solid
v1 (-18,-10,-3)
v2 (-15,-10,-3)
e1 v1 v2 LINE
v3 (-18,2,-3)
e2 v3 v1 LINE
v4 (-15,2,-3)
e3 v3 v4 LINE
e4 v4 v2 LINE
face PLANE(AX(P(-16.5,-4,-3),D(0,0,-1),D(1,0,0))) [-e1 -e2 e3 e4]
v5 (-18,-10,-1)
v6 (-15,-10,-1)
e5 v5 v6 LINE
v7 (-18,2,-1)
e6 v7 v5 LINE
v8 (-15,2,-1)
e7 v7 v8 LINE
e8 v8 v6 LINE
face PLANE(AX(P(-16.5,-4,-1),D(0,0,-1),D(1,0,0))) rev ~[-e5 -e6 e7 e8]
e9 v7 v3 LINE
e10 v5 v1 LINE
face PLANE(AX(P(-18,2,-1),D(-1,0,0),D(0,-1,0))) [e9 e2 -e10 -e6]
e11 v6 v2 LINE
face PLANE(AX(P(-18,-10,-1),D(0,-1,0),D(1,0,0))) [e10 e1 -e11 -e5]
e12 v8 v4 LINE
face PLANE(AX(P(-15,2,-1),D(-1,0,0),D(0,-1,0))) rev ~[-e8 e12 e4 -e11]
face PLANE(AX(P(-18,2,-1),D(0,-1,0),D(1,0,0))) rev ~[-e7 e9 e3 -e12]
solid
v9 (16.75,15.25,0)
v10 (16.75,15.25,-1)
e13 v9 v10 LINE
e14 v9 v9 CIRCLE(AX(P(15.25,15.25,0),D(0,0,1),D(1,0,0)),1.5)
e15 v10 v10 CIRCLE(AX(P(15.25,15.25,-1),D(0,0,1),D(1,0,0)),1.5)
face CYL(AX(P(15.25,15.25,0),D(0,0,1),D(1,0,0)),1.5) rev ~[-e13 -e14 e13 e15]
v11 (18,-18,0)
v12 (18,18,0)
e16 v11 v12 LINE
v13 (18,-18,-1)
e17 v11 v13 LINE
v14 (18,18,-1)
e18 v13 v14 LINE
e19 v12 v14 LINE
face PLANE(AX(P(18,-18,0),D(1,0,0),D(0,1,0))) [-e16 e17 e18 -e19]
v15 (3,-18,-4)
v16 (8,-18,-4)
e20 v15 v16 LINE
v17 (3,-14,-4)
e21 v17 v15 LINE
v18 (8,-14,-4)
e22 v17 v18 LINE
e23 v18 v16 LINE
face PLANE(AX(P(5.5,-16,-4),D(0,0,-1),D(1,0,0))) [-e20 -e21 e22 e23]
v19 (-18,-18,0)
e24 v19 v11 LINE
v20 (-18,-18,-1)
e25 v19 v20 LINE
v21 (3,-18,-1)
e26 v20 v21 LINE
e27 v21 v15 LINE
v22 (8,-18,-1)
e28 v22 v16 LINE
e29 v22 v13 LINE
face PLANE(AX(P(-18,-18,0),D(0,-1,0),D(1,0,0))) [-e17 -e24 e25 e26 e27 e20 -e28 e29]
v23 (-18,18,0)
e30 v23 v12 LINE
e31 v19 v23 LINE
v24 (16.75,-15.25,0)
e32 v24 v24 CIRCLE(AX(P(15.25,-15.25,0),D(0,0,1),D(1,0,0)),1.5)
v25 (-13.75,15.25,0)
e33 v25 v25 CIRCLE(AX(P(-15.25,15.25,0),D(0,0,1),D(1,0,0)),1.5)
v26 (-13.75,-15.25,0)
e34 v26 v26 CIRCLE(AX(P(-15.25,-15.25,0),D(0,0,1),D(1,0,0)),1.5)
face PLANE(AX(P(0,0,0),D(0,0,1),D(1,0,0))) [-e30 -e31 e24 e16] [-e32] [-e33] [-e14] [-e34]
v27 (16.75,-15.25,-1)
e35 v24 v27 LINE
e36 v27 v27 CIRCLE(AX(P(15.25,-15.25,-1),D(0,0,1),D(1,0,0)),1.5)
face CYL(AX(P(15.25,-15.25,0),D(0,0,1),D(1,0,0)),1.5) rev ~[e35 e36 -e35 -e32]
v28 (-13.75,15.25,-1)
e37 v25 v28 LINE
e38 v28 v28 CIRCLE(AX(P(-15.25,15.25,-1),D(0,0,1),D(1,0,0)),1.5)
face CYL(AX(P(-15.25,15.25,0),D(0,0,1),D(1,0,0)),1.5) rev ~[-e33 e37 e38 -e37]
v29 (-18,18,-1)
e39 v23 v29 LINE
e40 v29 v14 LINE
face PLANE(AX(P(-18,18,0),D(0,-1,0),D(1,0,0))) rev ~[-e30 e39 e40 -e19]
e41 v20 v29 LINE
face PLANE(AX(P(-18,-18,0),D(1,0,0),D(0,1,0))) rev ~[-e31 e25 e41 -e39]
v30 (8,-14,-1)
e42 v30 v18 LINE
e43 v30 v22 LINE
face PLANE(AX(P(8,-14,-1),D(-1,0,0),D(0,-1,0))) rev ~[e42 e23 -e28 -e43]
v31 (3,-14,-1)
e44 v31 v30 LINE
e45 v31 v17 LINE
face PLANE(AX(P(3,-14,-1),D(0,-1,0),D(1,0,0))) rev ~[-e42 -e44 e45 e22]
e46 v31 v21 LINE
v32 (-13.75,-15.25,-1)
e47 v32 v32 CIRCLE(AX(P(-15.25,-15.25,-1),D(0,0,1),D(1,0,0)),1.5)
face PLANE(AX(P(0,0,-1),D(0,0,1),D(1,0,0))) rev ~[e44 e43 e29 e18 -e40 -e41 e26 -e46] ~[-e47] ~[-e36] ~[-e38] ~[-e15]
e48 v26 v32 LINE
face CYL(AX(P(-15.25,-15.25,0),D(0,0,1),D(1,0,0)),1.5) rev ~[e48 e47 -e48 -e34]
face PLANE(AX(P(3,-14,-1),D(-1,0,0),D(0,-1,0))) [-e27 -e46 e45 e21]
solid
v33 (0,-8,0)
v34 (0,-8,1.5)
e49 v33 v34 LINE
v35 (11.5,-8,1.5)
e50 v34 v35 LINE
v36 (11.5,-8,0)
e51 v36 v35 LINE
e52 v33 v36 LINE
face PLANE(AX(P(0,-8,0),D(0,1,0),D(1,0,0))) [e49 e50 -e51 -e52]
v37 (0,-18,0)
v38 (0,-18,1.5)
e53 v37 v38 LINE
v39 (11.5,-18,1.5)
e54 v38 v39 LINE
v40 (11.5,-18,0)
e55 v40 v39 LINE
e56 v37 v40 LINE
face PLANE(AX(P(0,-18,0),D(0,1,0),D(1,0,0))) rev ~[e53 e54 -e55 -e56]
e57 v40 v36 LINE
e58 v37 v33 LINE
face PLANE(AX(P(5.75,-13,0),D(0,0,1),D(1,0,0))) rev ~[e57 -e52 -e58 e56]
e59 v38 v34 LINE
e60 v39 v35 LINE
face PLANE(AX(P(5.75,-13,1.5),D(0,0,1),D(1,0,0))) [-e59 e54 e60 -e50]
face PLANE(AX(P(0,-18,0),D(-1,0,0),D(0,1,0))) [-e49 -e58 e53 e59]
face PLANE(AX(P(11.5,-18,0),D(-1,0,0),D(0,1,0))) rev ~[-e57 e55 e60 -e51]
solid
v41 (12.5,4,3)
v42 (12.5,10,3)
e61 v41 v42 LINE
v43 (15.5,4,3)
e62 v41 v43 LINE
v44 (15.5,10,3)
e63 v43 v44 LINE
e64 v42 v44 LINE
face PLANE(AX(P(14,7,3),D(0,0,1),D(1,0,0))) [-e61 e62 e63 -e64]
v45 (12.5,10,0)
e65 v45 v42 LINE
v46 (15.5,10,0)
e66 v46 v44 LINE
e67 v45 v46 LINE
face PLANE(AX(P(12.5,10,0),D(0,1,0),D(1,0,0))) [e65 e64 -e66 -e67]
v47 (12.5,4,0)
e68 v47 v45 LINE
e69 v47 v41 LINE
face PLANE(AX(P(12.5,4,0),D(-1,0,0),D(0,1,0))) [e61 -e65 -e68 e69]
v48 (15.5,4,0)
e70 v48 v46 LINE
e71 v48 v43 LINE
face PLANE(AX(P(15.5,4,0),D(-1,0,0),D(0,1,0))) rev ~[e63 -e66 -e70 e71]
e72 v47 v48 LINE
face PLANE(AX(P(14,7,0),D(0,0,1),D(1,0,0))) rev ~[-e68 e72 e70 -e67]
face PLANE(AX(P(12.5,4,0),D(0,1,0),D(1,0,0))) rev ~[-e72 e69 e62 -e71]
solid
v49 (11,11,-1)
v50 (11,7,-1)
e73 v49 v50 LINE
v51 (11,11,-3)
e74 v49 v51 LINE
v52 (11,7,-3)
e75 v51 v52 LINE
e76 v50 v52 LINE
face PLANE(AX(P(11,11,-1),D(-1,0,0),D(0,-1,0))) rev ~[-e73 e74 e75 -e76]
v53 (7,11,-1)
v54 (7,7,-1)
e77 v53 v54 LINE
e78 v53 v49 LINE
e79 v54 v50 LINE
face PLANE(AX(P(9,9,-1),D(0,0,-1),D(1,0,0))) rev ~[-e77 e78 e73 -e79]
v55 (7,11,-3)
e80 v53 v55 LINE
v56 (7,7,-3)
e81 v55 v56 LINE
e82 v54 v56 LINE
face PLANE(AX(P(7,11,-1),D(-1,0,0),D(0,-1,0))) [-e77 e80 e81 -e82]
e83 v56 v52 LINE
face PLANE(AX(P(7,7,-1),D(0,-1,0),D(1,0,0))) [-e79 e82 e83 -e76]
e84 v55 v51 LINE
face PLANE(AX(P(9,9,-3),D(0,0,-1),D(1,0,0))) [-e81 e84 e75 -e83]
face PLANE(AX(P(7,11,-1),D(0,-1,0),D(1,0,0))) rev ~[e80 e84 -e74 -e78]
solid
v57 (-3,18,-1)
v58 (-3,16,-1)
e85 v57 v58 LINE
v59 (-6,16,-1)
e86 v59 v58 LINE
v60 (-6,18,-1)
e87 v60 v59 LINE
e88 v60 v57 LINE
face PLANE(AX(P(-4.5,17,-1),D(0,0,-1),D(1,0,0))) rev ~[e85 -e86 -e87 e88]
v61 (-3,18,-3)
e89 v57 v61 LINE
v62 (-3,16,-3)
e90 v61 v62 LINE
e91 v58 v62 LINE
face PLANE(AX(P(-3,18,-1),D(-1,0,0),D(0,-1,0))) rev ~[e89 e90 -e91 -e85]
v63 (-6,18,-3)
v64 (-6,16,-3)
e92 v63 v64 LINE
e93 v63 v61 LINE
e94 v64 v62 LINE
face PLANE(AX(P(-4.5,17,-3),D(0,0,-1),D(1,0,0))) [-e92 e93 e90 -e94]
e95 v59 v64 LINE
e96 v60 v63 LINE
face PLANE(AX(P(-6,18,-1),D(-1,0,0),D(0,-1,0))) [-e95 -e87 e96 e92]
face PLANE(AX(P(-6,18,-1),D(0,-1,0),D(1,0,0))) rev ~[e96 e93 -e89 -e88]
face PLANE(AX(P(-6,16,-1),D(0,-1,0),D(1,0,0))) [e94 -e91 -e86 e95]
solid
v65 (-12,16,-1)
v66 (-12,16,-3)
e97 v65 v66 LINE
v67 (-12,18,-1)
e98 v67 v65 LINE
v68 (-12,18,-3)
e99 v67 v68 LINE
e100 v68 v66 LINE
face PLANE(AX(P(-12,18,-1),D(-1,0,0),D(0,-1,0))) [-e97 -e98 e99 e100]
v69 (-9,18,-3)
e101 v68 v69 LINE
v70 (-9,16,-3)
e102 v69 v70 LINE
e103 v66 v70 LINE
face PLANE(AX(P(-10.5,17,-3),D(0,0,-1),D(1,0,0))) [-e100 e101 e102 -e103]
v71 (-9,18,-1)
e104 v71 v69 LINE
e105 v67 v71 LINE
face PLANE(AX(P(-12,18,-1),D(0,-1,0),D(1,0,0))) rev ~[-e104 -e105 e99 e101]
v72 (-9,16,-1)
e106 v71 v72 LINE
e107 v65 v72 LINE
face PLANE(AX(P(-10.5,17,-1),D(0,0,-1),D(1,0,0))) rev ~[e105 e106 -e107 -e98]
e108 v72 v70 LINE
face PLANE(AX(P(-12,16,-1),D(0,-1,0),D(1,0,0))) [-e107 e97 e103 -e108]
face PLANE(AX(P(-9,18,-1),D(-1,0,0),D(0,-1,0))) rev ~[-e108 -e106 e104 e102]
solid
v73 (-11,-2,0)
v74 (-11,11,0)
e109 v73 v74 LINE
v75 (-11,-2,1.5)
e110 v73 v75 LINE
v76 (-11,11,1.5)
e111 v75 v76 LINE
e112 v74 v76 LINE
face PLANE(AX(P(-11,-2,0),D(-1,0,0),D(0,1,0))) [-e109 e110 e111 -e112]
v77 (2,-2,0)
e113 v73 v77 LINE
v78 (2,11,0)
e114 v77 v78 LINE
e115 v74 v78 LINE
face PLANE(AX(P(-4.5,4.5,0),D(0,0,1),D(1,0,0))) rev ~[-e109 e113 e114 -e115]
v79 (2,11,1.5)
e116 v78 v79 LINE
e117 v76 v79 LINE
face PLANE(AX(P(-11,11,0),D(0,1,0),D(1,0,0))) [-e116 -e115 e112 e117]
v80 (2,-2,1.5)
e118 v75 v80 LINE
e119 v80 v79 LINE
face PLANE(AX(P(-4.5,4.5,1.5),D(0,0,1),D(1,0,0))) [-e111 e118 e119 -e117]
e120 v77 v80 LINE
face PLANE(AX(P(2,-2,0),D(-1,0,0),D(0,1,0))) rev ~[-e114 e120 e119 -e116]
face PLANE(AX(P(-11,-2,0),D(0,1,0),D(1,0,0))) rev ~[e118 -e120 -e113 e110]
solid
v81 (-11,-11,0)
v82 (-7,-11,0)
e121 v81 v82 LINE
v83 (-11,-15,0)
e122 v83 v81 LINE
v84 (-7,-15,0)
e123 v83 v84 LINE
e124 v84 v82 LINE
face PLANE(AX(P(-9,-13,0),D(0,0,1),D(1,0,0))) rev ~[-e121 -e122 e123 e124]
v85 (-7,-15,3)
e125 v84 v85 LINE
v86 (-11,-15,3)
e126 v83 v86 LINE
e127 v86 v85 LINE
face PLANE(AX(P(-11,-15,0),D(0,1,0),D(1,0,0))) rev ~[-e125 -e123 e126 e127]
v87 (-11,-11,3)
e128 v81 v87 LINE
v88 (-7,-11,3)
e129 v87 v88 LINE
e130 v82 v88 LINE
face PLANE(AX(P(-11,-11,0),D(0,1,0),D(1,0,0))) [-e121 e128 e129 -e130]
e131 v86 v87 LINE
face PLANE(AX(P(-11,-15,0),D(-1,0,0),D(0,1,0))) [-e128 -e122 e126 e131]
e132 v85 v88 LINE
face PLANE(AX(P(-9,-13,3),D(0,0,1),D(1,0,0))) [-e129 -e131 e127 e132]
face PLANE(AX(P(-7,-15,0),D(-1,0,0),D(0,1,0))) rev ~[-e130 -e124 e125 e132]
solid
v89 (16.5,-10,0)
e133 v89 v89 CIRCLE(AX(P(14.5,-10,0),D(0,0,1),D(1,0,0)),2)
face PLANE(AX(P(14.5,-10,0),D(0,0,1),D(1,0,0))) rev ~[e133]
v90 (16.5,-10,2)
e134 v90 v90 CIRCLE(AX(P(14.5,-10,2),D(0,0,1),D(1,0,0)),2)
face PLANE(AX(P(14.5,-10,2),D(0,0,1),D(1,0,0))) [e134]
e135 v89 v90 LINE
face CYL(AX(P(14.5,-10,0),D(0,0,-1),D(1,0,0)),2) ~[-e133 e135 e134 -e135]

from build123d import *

# Parameters (mm, degrees)
F1_W     = 13
F1_H     = 13
F1_W_2   = 11.5
F1_H_2   = 10
F2_DEPTH = 1.5
F1_R     = 2
F3_DEPTH = 2
F1_W_3   = 3
F1_H_3   = 6
F1_W_4   = 4
F1_H_4   = 4
F4_DEPTH = 3
F0_W     = 36
F0_H     = 36
F0_R     = 1.5
F5_DEPTH = 1
F6_W     = 3
F6_H     = 2
F6_W_2   = 4
F6_H_2   = 4
F6_H_3   = 12
F7_DEPTH = 2
F6_W_3   = 5
F8_DEPTH = 3


with BuildPart() as f2:
    # F1 (on face) → F2 (new body)
    with BuildSketch(Plane.XY):
        with Locations((-4.5, 4.5)):
            Rectangle(F1_W, F1_H)
        with Locations((5.75, -13)):
            Rectangle(F1_W_2, F1_H_2)
    extrude(amount=F2_DEPTH)


with BuildPart() as f3:
    # F1 (on face) → F3 (new body)
    with BuildSketch(Plane.XY):
        with Locations((14.5, -10)):
            Circle(F1_R)
    extrude(amount=F3_DEPTH)


with BuildPart() as f4:
    # F1 (on face) → F4 (new body)
    with BuildSketch(Plane.XY):
        with Locations((14, 7)):
            Rectangle(F1_W_3, F1_H_3)
        with Locations((-9, -13)):
            Rectangle(F1_W_4, F1_H_4)
    extrude(amount=F4_DEPTH)


with BuildPart() as f5:
    # F0 (on Top) → F5 (new body)
    with BuildSketch(Plane.XY):
        Rectangle(F0_W, F0_H)
        with Locations((-15.25, -15.25)):
            Circle(F0_R, mode=Mode.SUBTRACT)
        with Locations((15.25, -15.25)):
            Circle(F0_R, mode=Mode.SUBTRACT)
        with Locations((-15.25, 15.25)):
            Circle(F0_R, mode=Mode.SUBTRACT)
        with Locations((15.25, 15.25)):
            Circle(F0_R, mode=Mode.SUBTRACT)
    extrude(amount=-F5_DEPTH)

    # F6 (on face) → F8 (join)
    with BuildSketch(Plane(origin=(0, 0, -1), x_dir=(1, 0, 0), z_dir=(0, 0, -1))):
        with Locations((5.5, 16)):
            Rectangle(F6_W_3, F6_H_2)
    extrude(amount=F8_DEPTH)


with BuildPart() as f7:
    # F6 (on face) → F7 (new body)
    with BuildSketch(Plane(origin=(0, 0, -1), x_dir=(1, 0, 0), z_dir=(0, 0, -1))):
        with Locations((-4.5, -17)):
            Rectangle(F6_W, F6_H)
        with Locations((-10.5, -17)):
            Rectangle(F6_W, F6_H)
        with Locations((9, -9)):
            Rectangle(F6_W_2, F6_H_2)
        with Locations((-16.5, 4)):
            Rectangle(F6_W, F6_H_3)
    extrude(amount=F7_DEPTH)


solid = Compound([f2.part, f3.part, f4.part, f5.part, f7.part])
